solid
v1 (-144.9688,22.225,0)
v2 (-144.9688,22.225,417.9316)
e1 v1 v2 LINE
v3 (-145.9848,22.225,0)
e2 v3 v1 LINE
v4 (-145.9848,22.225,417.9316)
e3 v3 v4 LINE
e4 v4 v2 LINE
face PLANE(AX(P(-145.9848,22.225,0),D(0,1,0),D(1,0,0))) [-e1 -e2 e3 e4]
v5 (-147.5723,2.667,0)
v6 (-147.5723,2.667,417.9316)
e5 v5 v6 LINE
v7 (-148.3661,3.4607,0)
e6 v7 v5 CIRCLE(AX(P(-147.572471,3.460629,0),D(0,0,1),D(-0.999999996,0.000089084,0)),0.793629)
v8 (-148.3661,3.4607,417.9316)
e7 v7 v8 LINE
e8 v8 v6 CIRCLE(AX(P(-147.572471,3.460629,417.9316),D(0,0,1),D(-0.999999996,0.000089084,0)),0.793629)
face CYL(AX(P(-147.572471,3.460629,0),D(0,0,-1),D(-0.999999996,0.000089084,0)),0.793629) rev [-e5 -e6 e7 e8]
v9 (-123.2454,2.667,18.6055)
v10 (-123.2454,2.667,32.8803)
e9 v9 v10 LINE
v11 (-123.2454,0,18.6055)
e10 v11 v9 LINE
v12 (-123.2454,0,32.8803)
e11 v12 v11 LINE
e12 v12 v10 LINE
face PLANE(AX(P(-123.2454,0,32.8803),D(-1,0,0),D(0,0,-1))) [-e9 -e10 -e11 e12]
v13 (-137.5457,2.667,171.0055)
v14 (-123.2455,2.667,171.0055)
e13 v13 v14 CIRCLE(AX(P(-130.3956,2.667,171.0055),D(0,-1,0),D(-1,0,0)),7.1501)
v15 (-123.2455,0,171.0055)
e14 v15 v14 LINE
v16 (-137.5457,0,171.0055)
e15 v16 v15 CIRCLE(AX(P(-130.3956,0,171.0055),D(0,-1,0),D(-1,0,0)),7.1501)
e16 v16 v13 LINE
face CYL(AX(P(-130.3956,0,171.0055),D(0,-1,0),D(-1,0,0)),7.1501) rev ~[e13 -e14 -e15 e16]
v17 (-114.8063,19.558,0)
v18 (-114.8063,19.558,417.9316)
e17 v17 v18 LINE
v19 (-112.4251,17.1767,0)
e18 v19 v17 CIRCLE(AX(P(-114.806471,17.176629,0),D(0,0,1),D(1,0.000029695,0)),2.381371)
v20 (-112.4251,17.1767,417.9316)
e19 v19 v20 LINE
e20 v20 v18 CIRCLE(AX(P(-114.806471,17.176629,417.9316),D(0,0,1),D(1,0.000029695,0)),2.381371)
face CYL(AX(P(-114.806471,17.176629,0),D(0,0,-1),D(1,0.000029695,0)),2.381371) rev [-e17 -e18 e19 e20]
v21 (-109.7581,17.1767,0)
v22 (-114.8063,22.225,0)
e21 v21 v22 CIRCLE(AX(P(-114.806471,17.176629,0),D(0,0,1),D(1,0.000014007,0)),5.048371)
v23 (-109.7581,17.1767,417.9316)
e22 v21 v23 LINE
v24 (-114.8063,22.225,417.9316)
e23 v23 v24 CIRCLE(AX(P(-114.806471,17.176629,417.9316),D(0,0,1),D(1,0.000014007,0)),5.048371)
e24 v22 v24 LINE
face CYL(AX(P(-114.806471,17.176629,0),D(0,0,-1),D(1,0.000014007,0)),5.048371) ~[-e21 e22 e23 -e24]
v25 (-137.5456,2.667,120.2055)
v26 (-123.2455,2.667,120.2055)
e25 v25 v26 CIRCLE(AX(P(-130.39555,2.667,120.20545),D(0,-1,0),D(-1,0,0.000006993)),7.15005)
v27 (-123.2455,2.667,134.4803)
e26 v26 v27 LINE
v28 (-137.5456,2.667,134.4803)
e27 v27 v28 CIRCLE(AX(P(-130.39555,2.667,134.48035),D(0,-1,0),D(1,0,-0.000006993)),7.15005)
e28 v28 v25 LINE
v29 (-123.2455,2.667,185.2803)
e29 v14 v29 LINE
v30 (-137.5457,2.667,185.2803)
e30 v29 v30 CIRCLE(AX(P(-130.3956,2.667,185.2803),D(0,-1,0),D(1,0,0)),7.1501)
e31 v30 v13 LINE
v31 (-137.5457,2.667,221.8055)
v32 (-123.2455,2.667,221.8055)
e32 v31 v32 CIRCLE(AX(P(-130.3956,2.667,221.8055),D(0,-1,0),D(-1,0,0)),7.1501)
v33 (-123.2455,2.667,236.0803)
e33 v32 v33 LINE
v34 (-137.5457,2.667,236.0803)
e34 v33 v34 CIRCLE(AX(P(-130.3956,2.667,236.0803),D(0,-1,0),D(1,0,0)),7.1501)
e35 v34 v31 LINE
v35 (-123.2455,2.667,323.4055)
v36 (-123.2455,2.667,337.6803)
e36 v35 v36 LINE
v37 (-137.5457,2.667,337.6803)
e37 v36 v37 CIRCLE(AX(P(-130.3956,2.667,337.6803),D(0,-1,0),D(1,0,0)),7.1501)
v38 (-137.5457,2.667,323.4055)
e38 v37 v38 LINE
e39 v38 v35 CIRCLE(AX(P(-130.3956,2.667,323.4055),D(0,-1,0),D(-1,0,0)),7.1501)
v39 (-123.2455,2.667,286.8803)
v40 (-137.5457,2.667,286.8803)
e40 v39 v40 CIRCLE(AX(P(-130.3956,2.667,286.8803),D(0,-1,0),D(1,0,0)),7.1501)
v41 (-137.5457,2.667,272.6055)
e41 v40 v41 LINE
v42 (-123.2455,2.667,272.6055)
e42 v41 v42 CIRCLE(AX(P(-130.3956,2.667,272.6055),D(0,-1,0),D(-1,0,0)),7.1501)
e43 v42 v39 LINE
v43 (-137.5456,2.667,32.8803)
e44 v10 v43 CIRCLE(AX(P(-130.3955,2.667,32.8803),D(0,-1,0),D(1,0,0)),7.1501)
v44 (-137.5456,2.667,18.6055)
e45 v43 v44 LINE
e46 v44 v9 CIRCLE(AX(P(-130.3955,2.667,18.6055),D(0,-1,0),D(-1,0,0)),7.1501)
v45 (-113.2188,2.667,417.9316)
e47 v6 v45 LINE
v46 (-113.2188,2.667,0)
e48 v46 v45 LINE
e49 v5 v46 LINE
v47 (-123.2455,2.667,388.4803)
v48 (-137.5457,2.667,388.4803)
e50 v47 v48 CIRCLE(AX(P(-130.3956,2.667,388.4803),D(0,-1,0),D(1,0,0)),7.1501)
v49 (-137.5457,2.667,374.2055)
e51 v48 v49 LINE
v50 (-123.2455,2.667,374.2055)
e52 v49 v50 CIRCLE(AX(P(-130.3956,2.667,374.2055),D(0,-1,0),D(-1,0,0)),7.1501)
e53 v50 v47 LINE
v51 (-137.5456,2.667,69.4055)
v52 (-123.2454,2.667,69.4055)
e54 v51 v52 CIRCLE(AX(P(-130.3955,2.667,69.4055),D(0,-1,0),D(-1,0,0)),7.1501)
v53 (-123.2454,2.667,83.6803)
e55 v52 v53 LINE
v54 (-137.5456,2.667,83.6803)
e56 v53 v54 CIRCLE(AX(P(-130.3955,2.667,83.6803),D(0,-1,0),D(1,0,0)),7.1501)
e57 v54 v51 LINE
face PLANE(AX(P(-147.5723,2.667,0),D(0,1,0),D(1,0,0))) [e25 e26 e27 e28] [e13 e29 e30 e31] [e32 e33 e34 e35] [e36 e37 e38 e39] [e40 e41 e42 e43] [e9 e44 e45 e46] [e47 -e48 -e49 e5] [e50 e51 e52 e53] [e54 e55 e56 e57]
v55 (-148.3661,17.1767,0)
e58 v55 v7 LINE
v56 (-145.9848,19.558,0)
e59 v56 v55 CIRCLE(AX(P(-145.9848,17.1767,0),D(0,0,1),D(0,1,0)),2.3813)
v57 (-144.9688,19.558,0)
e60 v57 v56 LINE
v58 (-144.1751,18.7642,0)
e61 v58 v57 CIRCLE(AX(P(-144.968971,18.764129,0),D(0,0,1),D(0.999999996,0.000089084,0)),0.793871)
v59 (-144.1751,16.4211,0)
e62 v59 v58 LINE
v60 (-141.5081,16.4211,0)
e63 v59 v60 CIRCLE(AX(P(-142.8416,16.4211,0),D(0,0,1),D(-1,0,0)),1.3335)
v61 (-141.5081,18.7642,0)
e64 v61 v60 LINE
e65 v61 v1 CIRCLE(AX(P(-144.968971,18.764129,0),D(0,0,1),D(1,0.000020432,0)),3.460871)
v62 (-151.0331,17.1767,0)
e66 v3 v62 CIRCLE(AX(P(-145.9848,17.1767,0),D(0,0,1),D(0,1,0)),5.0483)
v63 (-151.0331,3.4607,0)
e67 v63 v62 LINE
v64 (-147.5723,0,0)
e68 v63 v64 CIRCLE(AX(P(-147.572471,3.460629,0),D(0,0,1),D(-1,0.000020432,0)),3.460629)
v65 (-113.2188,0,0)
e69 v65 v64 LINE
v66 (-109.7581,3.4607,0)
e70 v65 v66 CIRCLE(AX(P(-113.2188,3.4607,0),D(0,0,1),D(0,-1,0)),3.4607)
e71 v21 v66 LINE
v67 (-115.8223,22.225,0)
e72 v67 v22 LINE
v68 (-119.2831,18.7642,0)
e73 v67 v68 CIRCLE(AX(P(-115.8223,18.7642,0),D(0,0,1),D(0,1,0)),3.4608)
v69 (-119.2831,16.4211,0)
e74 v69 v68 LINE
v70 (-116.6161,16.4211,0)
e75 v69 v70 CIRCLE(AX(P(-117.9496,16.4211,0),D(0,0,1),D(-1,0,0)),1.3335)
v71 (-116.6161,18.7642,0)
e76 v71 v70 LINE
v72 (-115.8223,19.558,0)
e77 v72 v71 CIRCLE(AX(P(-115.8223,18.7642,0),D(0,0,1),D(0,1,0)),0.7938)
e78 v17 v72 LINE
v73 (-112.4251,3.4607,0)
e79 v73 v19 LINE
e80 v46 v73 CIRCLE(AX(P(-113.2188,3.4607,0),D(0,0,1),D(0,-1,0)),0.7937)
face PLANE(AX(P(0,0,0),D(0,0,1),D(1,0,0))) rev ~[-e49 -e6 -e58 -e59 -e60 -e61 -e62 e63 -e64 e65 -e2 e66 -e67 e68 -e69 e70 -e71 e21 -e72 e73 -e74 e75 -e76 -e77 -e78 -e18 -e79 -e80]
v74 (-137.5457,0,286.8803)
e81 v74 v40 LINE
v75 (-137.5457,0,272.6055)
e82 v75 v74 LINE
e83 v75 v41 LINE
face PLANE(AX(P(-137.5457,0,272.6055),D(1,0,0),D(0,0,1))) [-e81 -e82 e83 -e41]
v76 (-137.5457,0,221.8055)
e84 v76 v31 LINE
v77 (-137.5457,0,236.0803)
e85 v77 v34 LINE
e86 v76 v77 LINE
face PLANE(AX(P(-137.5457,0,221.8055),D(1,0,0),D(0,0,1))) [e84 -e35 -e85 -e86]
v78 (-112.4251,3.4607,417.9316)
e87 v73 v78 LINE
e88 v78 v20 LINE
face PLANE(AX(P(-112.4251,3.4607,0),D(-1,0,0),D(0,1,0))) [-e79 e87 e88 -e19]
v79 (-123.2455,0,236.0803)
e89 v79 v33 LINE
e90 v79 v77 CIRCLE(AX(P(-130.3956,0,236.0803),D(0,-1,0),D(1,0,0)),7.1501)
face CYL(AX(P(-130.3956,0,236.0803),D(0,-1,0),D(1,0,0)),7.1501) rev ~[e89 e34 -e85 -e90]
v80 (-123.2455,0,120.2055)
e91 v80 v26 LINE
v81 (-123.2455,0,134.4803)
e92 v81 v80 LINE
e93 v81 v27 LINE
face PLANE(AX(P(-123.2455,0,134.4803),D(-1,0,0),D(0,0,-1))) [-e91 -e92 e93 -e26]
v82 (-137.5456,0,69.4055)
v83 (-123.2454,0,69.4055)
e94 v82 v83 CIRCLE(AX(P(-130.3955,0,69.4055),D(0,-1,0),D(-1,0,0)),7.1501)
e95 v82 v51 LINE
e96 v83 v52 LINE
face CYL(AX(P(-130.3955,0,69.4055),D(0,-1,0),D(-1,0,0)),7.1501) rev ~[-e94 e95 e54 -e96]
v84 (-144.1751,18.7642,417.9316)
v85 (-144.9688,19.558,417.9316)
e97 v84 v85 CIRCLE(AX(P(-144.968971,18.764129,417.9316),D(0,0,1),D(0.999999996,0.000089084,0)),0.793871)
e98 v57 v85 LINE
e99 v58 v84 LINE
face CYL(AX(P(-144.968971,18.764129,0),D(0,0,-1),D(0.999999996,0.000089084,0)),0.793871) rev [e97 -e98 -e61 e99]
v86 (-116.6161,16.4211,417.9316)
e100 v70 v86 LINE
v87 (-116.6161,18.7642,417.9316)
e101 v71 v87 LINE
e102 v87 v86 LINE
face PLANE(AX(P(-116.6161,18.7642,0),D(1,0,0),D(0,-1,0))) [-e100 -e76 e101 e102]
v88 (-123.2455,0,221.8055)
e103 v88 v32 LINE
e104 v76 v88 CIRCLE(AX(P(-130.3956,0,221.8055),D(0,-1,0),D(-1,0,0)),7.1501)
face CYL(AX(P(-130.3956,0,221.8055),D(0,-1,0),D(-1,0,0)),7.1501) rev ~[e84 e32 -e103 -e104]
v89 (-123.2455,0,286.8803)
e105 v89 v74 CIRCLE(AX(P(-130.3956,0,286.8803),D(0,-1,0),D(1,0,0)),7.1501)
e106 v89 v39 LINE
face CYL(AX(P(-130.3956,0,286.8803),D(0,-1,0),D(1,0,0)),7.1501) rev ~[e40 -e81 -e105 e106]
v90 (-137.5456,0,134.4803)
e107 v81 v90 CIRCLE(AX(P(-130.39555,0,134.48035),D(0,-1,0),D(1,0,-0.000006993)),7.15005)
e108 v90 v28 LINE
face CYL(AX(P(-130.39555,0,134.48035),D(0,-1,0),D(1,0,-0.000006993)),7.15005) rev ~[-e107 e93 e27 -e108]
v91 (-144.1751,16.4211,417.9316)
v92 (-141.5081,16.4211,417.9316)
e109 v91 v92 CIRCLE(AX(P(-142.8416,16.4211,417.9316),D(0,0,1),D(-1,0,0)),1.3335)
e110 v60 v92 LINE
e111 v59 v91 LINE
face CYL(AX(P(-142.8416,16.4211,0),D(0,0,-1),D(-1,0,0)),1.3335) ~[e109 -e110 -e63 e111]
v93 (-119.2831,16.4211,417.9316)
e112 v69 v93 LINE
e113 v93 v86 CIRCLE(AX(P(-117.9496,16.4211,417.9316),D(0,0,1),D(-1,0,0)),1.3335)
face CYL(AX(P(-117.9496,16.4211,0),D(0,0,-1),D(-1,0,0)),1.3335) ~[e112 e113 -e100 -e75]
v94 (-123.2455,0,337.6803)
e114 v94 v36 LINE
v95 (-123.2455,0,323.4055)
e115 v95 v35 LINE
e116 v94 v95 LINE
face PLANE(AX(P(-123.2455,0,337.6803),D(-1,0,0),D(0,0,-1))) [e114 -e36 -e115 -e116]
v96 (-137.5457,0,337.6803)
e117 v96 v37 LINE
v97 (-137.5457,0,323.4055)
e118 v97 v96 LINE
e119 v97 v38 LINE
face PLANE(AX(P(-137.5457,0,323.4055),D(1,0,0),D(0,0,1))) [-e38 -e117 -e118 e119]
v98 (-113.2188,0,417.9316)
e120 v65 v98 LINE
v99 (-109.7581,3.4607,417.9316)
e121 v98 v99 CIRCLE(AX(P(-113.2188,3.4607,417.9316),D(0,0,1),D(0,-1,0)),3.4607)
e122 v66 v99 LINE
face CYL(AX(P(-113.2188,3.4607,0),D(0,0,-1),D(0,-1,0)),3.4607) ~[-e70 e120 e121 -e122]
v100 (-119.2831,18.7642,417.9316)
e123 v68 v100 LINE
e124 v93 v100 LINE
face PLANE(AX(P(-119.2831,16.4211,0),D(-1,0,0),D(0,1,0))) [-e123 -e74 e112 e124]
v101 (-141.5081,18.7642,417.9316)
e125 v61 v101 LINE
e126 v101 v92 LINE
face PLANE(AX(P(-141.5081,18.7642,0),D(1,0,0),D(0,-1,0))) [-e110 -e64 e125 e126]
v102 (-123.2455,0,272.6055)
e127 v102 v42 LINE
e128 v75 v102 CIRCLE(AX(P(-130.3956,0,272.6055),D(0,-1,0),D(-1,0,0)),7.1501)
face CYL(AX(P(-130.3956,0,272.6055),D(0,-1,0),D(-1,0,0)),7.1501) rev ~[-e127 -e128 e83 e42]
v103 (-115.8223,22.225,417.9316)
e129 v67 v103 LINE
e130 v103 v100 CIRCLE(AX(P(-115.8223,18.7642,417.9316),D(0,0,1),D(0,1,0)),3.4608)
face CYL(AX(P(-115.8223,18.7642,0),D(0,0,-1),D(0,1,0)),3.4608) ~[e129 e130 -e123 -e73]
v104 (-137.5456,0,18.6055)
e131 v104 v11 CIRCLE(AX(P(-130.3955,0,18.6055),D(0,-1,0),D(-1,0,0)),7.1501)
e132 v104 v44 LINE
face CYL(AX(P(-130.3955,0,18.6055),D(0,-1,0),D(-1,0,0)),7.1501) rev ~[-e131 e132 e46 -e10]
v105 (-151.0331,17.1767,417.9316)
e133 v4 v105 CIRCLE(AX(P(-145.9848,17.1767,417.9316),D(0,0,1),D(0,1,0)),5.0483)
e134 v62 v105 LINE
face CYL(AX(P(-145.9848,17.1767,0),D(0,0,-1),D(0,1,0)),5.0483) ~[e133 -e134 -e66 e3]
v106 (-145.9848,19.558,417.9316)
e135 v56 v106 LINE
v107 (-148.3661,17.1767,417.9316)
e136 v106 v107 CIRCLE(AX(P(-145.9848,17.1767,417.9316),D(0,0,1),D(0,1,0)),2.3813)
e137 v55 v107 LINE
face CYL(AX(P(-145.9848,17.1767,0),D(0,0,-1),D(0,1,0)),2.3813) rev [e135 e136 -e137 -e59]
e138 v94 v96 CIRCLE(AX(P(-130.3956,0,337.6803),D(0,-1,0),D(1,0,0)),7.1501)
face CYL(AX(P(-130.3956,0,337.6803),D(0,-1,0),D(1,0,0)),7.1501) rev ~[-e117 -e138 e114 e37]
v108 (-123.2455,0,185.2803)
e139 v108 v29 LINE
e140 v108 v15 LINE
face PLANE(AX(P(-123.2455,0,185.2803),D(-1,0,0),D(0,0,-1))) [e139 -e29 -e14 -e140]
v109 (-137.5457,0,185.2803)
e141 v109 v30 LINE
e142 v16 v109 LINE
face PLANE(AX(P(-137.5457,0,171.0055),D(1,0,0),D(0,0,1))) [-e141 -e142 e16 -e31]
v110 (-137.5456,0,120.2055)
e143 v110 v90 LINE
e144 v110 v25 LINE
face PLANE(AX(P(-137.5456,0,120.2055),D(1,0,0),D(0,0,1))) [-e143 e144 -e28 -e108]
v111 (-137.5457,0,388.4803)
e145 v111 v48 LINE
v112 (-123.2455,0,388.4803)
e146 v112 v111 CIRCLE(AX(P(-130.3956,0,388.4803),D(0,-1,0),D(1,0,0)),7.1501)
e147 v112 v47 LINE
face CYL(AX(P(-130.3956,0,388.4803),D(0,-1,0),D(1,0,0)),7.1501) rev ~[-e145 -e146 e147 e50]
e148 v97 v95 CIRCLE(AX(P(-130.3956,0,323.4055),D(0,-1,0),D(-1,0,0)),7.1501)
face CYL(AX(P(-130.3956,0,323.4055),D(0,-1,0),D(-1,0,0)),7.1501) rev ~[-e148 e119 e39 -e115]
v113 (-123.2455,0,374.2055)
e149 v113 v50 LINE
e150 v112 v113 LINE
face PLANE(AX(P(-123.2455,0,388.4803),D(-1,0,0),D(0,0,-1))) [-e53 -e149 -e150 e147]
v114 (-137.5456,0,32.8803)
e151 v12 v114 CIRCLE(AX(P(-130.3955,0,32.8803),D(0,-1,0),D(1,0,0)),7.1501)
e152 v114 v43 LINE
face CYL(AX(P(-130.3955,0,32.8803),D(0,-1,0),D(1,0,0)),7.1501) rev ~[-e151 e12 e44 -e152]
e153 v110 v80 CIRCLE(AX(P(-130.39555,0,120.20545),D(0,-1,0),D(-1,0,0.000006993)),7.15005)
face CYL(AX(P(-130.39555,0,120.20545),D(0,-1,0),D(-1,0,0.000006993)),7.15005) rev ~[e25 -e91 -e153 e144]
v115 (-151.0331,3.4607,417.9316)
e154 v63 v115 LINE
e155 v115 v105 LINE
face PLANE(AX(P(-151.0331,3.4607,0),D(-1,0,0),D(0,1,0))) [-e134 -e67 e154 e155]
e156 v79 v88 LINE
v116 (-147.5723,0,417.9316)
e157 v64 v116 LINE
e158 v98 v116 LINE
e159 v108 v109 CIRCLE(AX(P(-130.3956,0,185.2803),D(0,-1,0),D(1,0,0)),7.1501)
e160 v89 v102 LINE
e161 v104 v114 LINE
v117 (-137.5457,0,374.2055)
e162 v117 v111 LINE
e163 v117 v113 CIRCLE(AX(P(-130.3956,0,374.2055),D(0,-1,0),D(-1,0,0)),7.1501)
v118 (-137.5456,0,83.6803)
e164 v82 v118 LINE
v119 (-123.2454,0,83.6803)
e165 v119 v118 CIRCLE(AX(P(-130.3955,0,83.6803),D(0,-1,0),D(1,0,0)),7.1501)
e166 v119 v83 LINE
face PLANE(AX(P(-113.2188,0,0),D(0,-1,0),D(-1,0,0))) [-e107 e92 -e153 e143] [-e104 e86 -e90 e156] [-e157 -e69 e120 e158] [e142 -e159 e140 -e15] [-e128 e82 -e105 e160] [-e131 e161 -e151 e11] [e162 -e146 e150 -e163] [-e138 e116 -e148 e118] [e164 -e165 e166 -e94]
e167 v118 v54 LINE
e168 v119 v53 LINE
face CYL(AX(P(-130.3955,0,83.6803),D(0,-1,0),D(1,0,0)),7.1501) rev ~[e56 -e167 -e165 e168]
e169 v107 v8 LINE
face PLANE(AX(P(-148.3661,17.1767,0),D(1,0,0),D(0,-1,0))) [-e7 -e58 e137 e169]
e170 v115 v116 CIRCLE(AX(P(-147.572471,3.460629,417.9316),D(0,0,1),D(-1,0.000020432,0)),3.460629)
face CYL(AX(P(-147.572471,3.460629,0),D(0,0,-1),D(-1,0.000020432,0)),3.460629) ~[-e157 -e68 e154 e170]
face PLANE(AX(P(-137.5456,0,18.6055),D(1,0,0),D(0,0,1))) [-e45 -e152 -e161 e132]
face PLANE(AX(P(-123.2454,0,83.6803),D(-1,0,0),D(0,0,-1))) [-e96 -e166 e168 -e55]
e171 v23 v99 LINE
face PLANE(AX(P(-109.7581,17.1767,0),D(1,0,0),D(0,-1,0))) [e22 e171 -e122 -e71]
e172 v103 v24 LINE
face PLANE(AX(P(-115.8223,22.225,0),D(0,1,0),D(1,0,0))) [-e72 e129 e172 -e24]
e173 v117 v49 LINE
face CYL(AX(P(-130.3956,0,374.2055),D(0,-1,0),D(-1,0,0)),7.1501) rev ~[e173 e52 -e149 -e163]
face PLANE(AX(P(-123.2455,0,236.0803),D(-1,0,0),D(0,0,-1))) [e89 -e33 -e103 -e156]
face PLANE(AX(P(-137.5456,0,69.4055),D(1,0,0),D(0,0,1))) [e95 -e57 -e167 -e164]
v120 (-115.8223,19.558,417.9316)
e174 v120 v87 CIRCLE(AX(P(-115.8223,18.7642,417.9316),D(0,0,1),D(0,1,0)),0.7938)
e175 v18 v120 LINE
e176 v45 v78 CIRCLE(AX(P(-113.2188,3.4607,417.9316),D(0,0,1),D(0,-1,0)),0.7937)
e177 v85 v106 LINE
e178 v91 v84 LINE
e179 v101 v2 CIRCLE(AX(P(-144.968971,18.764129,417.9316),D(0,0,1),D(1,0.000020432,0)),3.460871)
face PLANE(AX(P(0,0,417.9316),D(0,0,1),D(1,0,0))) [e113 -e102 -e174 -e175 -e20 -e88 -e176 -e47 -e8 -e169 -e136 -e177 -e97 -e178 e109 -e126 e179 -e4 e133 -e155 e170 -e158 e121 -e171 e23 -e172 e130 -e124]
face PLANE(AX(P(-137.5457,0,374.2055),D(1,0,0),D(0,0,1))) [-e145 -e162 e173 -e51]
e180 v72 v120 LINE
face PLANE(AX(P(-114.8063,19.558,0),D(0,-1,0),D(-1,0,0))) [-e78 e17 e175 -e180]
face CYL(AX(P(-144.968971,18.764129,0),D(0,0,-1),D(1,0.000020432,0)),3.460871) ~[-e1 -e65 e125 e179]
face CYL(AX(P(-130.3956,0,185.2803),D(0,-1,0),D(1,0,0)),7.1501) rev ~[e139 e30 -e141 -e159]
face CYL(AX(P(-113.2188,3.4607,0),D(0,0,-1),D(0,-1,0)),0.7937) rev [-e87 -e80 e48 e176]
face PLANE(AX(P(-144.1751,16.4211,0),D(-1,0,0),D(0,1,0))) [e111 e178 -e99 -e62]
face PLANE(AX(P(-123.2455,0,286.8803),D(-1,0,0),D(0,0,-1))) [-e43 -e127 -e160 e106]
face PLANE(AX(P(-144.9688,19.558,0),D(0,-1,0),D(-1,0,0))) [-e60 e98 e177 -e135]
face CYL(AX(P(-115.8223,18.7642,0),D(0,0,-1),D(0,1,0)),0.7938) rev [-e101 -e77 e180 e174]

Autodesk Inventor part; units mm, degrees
ref_plane "YZ Plane" through (0, 0, 0) normal (1, 0, 0) x (0, 1, 0)
ref_plane "XZ Plane" through (0, 0, 0) normal (0, 1, 0) x (-1, 0, 0)
ref_plane "Work Plane1" through (0, 0, 0) normal (0, 0, 1) x (1, 0, 0)
sketch "Sketch1" plane through (0, 0, 0) normal (0, 0, 1) x (1, 0, 0)
  arc A0 (-113.2188, 0) -> (-109.7581, 3.4607) centre (-113.2188, 3.4607) ccw projected
  line L0 (-109.7581, 17.1767) -> (-109.7581, 3.4607) projected
  arc A1 (-109.7581, 17.1767) -> (-114.8063, 22.225) centre (-114.8063, 17.1767) ccw projected
  line L1 (-115.8223, 22.225) -> (-114.8063, 22.225) projected
  arc A2 (-115.8223, 22.225) -> (-119.2831, 18.7642) centre (-115.8223, 18.7642) ccw projected
  line L2 (-119.2831, 16.4211) -> (-119.2831, 18.7642) projected
  arc A3 (-119.2831, 16.4211) -> (-116.6161, 16.4211) centre (-117.9496, 16.4211) ccw projected
  line L3 (-116.6161, 18.7642) -> (-116.6161, 16.4211) projected
  arc A4 (-115.8223, 19.558) -> (-116.6161, 18.7642) centre (-115.8223, 18.7642) ccw projected
  line L4 (-114.8063, 19.558) -> (-115.8223, 19.558) projected
  arc A5 (-112.4251, 17.1767) -> (-114.8063, 19.558) centre (-114.8063, 17.1767) ccw projected
  line L5 (-112.4251, 3.4607) -> (-112.4251, 17.1767) projected
  arc A6 (-113.2188, 2.667) -> (-112.4251, 3.4607) centre (-113.2188, 3.4607) ccw projected
  line L6 (-147.5723, 2.667) -> (-113.2188, 2.667) projected
  arc A7 (-148.3661, 3.4607) -> (-147.5723, 2.667) centre (-147.5723, 3.4607) ccw projected
  line L7 (-148.3661, 17.1767) -> (-148.3661, 3.4607) projected
  arc A8 (-145.9848, 19.558) -> (-148.3661, 17.1767) centre (-145.9848, 17.1767) ccw projected
  line L8 (-144.9688, 19.558) -> (-145.9848, 19.558) projected
  arc A9 (-144.1751, 18.7642) -> (-144.9688, 19.558) centre (-144.9688, 18.7642) ccw projected
  line L9 (-144.1751, 16.4211) -> (-144.1751, 18.7642) projected
  arc A10 (-144.1751, 16.4211) -> (-141.5081, 16.4211) centre (-142.8416, 16.4211) ccw projected
  line L10 (-141.5081, 18.7642) -> (-141.5081, 16.4211) projected
  arc A11 (-141.5081, 18.7642) -> (-144.9688, 22.225) centre (-144.9688, 18.7642) ccw projected
  line L11 (-145.9848, 22.225) -> (-144.9688, 22.225) projected
  arc A12 (-145.9848, 22.225) -> (-151.0331, 17.1767) centre (-145.9848, 17.1767) ccw projected
  line L12 (-151.0331, 3.4607) -> (-151.0331, 17.1767) projected
  arc A13 (-151.0331, 3.4607) -> (-147.5723, 0) centre (-147.5723, 3.4607) ccw projected
  line L13 (-113.2188, 0) -> (-147.5723, 0) projected
  point P0 (0, 0)
extrude "Extrusion1" add sketch "Sketch1" along normal blind 417.9316
ref_plane "Work Plane2" through (0, 0, 208.9658) normal (0, 0, 1) x (1, 0, 0)
sketch "Sketch2" plane through (-147.5723, 0, 0) normal (0, -1, 0) x (1, 0, 0)
  line L0 (17.1768, 18.6055) -> (17.1768, 32.8803) construction
  line L1 (6.0642, 0) -> (6.0642, 417.9316) projected
  line L2 (10.0267, 18.6055) -> (10.0267, 32.8803)
  line L3 (24.3269, 32.8803) -> (24.3269, 18.6055)
  arc A0 (10.0267, 18.6055) -> (24.3269, 18.6055) centre (17.1768, 18.6055) ccw
  arc A1 (24.3269, 32.8803) -> (10.0267, 32.8803) centre (17.1768, 32.8803) ccw
  line L4 (0, 0) -> (34.3535, 0) construction
  line L5 (17.1768, 0) -> (17.1767, 417.9316) construction
  line L6 (34.3535, 417.9316) -> (0, 417.9316) construction
  line L7 (10.0267, 69.4055) -> (10.0267, 83.6803)
  line L8 (24.3269, 83.6803) -> (24.3269, 69.4055)
  arc A2 (10.0267, 69.4055) -> (24.3269, 69.4055) centre (17.1768, 69.4055) ccw
  arc A3 (24.3269, 83.6803) -> (10.0267, 83.6803) centre (17.1768, 83.6803) ccw
  line L9 (17.1768, 50.8) -> (17.1767, 468.7316) construction
  line L10 (10.0267, 120.2055) -> (10.0267, 134.4803)
  line L11 (24.3268, 134.4803) -> (24.3268, 120.2055)
  arc A4 (10.0267, 120.2055) -> (24.3268, 120.2055) centre (17.1768, 120.2055) ccw
  arc A5 (24.3268, 134.4803) -> (10.0267, 134.4803) centre (17.1767, 134.4803) ccw
  line L12 (17.1768, 101.6) -> (17.1767, 519.5316) construction
  line L13 (10.0266, 171.0055) -> (10.0266, 185.2803)
  line L14 (24.3268, 185.2803) -> (24.3268, 171.0055)
  arc A6 (10.0266, 171.0055) -> (24.3268, 171.0055) centre (17.1767, 171.0055) ccw
  arc A7 (24.3268, 185.2803) -> (10.0266, 185.2803) centre (17.1767, 185.2803) ccw
  line L15 (17.1767, 152.4) -> (17.1767, 570.3316) construction
  line L16 (10.0266, 221.8055) -> (10.0266, 236.0803)
  line L17 (24.3268, 236.0803) -> (24.3268, 221.8055)
  arc A8 (10.0266, 221.8055) -> (24.3268, 221.8055) centre (17.1767, 221.8055) ccw
  arc A9 (24.3268, 236.0803) -> (10.0266, 236.0803) centre (17.1767, 236.0803) ccw
  line L18 (17.1767, 203.2) -> (17.1767, 621.1316) construction
  line L19 (10.0266, 272.6055) -> (10.0266, 286.8803)
  line L20 (24.3268, 286.8803) -> (24.3268, 272.6055)
  arc A10 (10.0266, 272.6055) -> (24.3268, 272.6055) centre (17.1767, 272.6055) ccw
  arc A11 (24.3268, 286.8803) -> (10.0266, 286.8803) centre (17.1767, 286.8803) ccw
  line L21 (17.1767, 254) -> (17.1767, 671.9316) construction
  line L22 (10.0266, 323.4055) -> (10.0266, 337.6803)
  line L23 (24.3268, 337.6803) -> (24.3268, 323.4055)
  arc A12 (10.0266, 323.4055) -> (24.3268, 323.4055) centre (17.1767, 323.4055) ccw
  arc A13 (24.3268, 337.6803) -> (10.0266, 337.6803) centre (17.1767, 337.6803) ccw
  line L24 (17.1767, 304.8) -> (17.1767, 722.7316) construction
  line L25 (10.0266, 374.2055) -> (10.0266, 388.4803)
  line L26 (24.3268, 388.4803) -> (24.3268, 374.2055)
  arc A14 (10.0266, 374.2055) -> (24.3268, 374.2055) centre (17.1767, 374.2055) ccw
  arc A15 (24.3268, 388.4803) -> (10.0266, 388.4803) centre (17.1767, 388.4803) ccw
  line L27 (17.1767, 355.6) -> (17.1767, 773.5316) construction
  point P0 (147.5723, 0)
  point P1 (17.1768, 25.7429)
  point P2 (17.1768, 76.5429)
  point P3 (17.1768, 127.3429)
  point P4 (17.1767, 178.1429)
  point P5 (17.1767, 228.9429)
  point P6 (17.1767, 279.7429)
  point P7 (17.1767, 330.5429)
  point P8 (17.1767, 381.3429)
  dimension "d2" = 14.3002
  dimension "d3" = 14.2748
  dimension "d4" = 18.6055
  dimension "d7" = 50.8
extrude "Extrusion2" cut sketch "Sketch2" against normal blind 25.4
properties part number "c channel for mounting plate 451 first hole"
